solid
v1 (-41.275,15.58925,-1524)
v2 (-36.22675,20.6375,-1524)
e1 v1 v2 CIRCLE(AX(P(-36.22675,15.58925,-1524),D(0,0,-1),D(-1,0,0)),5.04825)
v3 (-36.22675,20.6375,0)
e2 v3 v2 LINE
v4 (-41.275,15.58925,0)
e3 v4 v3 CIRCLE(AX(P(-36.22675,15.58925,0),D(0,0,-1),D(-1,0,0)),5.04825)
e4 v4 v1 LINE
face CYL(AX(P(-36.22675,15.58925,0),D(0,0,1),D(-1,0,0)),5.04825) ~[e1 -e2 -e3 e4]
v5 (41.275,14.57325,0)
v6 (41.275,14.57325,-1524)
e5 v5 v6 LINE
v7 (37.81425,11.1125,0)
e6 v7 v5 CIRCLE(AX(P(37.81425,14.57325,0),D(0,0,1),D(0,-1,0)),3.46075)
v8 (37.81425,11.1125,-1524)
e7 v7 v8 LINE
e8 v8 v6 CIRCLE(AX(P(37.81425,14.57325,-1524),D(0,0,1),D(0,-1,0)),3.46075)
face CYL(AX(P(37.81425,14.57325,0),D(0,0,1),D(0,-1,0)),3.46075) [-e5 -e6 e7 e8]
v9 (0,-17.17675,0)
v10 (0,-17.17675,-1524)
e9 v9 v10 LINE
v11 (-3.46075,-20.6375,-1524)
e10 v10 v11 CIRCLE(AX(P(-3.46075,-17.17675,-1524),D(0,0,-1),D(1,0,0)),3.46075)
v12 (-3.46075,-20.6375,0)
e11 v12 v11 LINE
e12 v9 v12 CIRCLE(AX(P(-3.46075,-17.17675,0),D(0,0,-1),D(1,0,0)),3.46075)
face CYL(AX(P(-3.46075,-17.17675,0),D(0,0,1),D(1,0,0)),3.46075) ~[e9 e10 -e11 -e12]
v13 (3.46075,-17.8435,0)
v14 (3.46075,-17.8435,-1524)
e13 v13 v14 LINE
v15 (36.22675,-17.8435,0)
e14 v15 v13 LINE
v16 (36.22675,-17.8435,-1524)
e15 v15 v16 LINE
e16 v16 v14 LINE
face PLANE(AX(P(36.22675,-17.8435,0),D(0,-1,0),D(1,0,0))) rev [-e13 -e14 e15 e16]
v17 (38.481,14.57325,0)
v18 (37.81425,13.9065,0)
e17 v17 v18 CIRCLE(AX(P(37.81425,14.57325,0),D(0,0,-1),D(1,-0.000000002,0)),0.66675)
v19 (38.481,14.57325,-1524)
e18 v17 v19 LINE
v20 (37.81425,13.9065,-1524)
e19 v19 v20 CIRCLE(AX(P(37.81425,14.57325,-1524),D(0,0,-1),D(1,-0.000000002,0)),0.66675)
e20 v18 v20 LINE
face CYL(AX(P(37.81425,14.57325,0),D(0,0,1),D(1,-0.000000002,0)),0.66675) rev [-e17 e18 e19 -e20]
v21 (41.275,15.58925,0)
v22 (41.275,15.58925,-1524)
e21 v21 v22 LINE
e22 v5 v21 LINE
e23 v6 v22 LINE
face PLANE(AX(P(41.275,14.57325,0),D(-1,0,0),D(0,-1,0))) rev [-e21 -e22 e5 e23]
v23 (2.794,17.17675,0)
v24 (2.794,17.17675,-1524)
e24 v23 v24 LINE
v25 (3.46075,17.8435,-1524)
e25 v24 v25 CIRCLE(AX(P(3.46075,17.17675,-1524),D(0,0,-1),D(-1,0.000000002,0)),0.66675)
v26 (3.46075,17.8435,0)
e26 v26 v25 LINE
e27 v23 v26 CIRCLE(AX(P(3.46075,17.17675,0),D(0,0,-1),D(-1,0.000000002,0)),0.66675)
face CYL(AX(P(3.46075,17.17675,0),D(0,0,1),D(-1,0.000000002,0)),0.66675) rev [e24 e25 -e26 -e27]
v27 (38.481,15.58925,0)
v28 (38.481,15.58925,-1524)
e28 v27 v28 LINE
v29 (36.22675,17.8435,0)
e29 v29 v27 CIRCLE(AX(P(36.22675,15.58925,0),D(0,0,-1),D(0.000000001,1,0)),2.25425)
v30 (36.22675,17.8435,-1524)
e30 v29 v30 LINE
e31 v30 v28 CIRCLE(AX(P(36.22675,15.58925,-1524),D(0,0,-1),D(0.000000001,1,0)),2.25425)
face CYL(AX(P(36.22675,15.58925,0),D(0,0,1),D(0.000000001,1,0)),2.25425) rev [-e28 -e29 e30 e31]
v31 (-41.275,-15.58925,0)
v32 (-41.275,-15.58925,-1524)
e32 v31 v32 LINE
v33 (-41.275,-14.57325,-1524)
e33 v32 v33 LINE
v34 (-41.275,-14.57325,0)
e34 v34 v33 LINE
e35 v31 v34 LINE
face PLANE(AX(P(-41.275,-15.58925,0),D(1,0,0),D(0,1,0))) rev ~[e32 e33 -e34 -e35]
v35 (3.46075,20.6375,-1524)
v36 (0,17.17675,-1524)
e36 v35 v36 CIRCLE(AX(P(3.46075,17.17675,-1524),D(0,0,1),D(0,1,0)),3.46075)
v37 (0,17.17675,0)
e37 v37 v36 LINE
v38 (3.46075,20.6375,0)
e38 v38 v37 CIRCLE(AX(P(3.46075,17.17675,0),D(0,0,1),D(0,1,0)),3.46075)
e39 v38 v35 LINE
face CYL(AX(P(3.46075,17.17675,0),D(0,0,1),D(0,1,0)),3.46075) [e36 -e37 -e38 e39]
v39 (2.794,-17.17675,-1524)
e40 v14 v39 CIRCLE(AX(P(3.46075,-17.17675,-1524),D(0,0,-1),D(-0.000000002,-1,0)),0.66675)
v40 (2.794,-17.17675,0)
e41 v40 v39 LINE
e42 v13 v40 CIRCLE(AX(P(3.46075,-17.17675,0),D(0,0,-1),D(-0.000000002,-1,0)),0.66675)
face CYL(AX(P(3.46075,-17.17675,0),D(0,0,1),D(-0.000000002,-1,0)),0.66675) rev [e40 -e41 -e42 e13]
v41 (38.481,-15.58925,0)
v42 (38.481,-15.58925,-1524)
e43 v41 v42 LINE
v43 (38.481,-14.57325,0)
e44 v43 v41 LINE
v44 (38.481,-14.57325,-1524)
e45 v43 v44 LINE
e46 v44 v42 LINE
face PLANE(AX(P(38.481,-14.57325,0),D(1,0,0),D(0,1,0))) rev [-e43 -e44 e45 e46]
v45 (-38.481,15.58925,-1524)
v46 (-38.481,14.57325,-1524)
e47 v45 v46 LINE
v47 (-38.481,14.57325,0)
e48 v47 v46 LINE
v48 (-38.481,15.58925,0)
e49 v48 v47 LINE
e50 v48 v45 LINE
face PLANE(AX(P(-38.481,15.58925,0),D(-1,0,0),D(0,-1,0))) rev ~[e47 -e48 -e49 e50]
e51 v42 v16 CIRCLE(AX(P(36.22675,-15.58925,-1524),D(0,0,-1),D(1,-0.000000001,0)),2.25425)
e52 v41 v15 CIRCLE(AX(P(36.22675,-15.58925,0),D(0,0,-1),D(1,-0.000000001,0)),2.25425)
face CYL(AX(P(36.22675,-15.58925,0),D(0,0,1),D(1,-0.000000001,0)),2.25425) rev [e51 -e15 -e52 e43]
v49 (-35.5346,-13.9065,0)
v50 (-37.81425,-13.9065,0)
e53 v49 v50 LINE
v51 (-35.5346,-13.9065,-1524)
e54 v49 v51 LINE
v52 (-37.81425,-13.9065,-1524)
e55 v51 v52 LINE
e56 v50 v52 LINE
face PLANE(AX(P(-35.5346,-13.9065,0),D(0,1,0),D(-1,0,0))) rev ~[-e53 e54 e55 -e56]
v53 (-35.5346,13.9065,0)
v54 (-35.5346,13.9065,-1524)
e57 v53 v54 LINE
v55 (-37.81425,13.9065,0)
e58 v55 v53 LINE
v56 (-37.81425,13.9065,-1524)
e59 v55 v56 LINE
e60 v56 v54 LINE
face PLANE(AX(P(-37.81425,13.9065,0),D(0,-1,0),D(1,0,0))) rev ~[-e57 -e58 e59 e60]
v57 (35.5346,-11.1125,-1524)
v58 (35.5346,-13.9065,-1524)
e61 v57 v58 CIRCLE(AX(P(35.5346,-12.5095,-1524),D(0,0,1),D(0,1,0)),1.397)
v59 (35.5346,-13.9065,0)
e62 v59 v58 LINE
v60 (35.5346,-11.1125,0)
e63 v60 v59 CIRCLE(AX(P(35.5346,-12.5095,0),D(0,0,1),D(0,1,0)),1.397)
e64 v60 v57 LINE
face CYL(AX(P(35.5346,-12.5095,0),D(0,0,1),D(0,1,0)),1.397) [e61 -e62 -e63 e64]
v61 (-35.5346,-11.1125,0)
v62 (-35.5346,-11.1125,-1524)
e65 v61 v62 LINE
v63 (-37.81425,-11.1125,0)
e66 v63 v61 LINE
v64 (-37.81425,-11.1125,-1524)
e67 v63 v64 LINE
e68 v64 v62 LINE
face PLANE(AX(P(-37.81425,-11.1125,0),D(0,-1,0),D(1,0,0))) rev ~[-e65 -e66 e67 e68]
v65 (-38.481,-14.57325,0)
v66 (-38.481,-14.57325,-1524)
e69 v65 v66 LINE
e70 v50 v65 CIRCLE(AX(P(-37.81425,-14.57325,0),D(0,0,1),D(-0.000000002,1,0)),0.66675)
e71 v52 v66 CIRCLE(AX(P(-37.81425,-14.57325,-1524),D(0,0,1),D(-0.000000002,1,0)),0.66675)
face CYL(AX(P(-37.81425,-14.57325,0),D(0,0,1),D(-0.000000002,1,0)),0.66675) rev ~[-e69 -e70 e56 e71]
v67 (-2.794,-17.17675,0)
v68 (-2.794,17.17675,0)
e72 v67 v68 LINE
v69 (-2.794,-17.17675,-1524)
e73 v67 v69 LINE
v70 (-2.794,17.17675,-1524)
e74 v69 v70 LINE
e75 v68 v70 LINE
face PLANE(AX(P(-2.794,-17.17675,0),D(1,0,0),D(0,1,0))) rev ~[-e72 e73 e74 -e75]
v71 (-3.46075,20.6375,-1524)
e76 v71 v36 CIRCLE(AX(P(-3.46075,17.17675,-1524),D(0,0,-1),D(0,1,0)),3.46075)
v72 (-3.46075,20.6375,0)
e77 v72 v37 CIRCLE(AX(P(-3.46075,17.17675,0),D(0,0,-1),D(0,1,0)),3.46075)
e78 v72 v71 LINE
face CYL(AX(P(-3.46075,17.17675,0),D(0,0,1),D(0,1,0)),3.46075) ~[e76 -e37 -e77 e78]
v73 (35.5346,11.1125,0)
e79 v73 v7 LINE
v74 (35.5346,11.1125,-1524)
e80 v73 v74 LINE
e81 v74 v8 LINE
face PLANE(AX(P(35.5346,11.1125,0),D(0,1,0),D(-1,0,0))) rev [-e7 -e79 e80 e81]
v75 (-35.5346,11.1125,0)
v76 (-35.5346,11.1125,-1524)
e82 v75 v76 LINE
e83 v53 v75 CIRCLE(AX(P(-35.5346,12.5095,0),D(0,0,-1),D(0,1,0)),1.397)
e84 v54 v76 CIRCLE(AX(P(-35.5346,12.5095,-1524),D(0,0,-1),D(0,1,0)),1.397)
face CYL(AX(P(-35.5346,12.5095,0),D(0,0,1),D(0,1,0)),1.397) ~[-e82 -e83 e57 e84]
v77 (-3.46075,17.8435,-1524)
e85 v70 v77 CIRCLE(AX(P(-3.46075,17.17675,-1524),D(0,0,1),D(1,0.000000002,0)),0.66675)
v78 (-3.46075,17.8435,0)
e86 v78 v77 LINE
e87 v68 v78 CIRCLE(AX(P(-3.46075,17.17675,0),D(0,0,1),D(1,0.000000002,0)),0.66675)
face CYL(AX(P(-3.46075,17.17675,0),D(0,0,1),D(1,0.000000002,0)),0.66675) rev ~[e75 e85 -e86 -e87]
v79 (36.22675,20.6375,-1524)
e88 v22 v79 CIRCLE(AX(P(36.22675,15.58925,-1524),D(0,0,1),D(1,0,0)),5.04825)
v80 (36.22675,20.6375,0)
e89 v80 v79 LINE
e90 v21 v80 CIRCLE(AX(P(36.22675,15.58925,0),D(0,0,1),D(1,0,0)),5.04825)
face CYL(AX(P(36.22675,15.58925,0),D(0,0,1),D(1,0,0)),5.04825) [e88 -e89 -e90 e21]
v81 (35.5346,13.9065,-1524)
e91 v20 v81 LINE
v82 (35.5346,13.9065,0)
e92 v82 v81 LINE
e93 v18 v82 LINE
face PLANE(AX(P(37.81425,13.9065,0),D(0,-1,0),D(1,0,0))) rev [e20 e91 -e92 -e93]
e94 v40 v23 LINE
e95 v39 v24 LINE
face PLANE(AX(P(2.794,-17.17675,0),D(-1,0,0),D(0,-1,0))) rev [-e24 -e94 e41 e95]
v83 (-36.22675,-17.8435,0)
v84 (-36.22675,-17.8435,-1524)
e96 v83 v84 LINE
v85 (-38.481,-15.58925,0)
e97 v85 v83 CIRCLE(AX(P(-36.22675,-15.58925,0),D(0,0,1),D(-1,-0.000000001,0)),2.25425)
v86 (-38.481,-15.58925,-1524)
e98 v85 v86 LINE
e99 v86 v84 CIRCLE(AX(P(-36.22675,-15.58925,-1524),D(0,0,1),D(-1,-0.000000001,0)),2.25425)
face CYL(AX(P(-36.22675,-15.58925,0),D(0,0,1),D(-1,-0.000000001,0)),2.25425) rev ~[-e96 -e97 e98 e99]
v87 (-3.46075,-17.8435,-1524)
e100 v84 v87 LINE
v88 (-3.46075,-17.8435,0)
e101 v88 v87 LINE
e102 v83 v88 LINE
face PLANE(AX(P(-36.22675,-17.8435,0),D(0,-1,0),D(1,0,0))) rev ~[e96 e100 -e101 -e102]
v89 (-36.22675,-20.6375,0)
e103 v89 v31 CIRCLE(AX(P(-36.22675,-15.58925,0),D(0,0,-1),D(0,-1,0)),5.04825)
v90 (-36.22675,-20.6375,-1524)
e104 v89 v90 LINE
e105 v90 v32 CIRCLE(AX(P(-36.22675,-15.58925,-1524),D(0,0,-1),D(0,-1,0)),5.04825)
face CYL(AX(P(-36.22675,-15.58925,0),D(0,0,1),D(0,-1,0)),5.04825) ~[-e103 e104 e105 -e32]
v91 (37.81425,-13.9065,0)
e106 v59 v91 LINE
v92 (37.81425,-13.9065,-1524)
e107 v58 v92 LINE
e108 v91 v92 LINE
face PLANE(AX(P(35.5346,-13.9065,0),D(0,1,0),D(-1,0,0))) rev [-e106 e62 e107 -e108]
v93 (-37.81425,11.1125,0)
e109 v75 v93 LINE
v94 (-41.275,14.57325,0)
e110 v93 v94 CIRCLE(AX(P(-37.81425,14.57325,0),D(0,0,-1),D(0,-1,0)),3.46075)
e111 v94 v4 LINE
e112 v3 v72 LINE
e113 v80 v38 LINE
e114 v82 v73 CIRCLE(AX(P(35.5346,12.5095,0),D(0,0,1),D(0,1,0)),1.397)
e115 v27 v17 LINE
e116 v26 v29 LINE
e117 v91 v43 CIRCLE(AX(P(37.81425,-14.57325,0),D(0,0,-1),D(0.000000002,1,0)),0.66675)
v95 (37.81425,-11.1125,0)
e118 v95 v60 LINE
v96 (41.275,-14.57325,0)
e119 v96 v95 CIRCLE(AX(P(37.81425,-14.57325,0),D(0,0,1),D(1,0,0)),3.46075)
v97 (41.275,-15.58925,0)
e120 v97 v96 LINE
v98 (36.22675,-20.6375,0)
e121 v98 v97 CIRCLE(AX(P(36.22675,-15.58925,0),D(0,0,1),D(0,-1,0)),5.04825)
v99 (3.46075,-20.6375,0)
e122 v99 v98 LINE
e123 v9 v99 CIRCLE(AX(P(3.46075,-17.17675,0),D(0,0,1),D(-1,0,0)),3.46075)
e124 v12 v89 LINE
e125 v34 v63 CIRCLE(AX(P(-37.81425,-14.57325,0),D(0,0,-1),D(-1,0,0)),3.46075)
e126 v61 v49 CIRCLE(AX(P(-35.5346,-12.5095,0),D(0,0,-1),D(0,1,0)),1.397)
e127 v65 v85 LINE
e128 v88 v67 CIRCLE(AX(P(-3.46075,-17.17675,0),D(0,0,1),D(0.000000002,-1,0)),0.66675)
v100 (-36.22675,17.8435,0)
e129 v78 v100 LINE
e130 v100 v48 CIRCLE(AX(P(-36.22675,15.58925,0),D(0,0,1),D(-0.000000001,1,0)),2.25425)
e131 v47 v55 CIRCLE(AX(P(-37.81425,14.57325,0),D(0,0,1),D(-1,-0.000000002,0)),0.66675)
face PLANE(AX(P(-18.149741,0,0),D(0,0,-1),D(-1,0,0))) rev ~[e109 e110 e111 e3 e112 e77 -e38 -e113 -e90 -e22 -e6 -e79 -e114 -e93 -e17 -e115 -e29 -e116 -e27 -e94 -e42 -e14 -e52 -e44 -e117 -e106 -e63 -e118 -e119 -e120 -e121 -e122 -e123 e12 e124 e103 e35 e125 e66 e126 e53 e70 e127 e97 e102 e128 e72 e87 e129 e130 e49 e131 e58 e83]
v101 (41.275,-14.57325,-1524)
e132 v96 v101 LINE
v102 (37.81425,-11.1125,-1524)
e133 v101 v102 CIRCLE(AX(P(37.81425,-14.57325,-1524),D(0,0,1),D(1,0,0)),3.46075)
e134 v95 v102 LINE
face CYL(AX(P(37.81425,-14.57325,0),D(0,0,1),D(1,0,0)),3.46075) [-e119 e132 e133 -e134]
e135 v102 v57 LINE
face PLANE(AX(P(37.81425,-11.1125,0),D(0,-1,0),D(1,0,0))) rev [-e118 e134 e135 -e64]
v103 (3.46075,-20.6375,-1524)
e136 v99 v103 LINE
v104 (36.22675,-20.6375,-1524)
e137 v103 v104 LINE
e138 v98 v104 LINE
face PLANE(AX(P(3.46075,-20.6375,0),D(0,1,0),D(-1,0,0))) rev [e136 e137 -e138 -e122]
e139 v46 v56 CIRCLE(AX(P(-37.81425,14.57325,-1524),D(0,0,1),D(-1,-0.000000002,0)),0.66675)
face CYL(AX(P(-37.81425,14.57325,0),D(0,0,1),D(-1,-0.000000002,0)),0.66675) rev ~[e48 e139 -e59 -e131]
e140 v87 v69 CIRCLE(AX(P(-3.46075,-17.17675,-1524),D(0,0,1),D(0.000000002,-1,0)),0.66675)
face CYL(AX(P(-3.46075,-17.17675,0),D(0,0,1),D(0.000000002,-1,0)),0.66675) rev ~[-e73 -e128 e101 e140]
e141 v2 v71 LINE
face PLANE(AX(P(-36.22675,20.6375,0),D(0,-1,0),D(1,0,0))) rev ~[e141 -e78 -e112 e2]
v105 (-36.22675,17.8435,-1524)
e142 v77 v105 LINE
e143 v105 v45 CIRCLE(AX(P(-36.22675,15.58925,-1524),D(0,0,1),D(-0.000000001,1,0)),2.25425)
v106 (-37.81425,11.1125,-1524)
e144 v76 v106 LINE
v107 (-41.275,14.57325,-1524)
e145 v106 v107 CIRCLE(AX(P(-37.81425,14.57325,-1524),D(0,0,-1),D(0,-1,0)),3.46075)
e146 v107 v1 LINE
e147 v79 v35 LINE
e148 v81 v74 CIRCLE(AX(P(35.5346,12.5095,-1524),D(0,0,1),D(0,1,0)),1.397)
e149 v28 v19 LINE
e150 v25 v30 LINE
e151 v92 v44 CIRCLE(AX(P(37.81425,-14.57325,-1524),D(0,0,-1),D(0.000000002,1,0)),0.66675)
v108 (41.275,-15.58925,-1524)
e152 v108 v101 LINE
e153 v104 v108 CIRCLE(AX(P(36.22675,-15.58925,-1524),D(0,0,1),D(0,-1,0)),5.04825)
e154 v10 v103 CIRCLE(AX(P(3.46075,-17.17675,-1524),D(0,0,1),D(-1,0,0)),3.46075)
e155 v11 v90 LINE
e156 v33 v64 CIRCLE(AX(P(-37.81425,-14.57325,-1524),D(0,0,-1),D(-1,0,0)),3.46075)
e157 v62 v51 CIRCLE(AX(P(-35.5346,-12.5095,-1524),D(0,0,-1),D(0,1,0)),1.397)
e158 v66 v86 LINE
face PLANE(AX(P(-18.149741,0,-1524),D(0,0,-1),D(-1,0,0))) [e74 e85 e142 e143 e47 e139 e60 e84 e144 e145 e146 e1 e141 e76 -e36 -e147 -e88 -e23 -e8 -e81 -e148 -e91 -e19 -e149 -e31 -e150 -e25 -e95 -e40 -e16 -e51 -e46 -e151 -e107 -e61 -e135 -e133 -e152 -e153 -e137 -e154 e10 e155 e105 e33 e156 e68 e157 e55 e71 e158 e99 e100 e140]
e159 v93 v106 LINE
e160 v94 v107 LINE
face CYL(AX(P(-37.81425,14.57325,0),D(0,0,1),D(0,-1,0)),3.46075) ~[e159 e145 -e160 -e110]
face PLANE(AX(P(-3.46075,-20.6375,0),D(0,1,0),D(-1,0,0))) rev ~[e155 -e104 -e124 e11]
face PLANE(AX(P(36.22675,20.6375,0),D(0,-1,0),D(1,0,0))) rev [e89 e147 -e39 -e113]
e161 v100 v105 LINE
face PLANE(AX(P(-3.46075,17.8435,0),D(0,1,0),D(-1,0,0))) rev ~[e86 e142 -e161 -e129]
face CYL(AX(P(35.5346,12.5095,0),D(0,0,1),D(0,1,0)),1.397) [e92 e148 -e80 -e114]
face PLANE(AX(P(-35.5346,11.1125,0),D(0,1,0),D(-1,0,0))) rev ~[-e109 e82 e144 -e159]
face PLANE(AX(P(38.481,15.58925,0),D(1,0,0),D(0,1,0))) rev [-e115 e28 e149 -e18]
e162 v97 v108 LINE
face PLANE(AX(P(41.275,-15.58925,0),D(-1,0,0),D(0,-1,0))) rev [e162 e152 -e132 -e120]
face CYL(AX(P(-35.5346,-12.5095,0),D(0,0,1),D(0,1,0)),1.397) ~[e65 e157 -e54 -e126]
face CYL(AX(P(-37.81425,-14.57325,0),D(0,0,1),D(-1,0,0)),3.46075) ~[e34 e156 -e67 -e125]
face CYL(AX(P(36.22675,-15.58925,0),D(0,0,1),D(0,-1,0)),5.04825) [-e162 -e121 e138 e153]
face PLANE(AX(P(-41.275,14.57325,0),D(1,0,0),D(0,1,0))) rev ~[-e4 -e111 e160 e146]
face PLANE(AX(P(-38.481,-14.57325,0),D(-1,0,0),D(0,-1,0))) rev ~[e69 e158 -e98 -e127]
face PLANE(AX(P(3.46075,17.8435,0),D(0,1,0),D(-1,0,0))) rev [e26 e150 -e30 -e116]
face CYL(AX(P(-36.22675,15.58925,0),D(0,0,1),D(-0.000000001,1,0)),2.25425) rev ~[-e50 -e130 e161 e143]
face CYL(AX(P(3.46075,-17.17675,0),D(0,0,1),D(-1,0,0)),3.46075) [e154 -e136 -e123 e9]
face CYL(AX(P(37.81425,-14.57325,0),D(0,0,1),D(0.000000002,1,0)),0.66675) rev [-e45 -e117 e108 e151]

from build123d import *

# Parameters (mm, degrees)
BOSS_EXTRUDE1_DEPTH = 1524


with BuildPart() as part:
    # Sketch1 → Boss-Extrude1 (new body)
    with BuildSketch(Plane.XY):
        with BuildLine():
            Line((-36.22675, 20.6375), (-3.46075, 20.6375))
            ThreePointArc((-3.46075, 20.6375), (-1.013630207, 19.623869793), (0, 17.17675))
            Line((0, 17.17675), (0, -17.17675))
            ThreePointArc((0, -17.17675), (-1.013630207, -19.623869793), (-3.46075, -20.6375))
            Line((-3.46075, -20.6375), (-36.22675, -20.6375))
            ThreePointArc((-36.22675, -20.6375), (-39.796401808, -19.158901808), (-41.275, -15.58925))
            Line((-41.275, -15.58925), (-41.275, -14.57325))
            ThreePointArc((-41.275, -14.57325), (-40.261369793, -12.126130207), (-37.81425, -11.1125))
            Line((-37.81425, -11.1125), (-35.5346, -11.1125))
            ThreePointArc((-35.5346, -11.1125), (-34.1376, -12.5095), (-35.5346, -13.9065))
            Line((-35.5346, -13.9065), (-37.81425, -13.9065))
            ThreePointArc((-37.81425, -13.9065), (-38.285713446, -14.101786554), (-38.481, -14.57325))
            Line((-38.481, -14.57325), (-38.481, -15.58925))
            ThreePointArc((-38.481, -15.58925), (-37.820745461, -17.183245461), (-36.22675, -17.8435))
            Line((-36.22675, -17.8435), (-3.46075, -17.8435))
            ThreePointArc((-3.46075, -17.8435), (-2.989286554, -17.648213446), (-2.794, -17.17675))
            Line((-2.794, -17.17675), (-2.794, 17.17675))
            ThreePointArc((-2.794, 17.17675), (-2.989286554, 17.648213446), (-3.46075, 17.8435))
            Line((-3.46075, 17.8435), (-36.22675, 17.8435))
            ThreePointArc((-36.22675, 17.8435), (-37.820745461, 17.183245461), (-38.481, 15.58925))
            Line((-38.481, 15.58925), (-38.481, 14.57325))
            ThreePointArc((-38.481, 14.57325), (-38.285713446, 14.101786554), (-37.81425, 13.9065))
            Line((-37.81425, 13.9065), (-35.5346, 13.9065))
            ThreePointArc((-35.5346, 13.9065), (-34.1376, 12.5095), (-35.5346, 11.1125))
            Line((-35.5346, 11.1125), (-37.81425, 11.1125))
            ThreePointArc((-37.81425, 11.1125), (-40.261369793, 12.126130207), (-41.275, 14.57325))
            Line((-41.275, 14.57325), (-41.275, 15.58925))
            ThreePointArc((-41.275, 15.58925), (-39.796401808, 19.158901808), (-36.22675, 20.6375))
        make_face()
    extrude(amount=-BOSS_EXTRUDE1_DEPTH)


with BuildPart() as body_2:
    # Mirror1: mirrored copy
    add(part.part.mirror(Plane(origin=(0, 17.17675, -1524), x_dir=(0, 0, 1), z_dir=(1, 0, 0))))

    # Combine1: union part
    add(part.part)


solid = body_2.part
